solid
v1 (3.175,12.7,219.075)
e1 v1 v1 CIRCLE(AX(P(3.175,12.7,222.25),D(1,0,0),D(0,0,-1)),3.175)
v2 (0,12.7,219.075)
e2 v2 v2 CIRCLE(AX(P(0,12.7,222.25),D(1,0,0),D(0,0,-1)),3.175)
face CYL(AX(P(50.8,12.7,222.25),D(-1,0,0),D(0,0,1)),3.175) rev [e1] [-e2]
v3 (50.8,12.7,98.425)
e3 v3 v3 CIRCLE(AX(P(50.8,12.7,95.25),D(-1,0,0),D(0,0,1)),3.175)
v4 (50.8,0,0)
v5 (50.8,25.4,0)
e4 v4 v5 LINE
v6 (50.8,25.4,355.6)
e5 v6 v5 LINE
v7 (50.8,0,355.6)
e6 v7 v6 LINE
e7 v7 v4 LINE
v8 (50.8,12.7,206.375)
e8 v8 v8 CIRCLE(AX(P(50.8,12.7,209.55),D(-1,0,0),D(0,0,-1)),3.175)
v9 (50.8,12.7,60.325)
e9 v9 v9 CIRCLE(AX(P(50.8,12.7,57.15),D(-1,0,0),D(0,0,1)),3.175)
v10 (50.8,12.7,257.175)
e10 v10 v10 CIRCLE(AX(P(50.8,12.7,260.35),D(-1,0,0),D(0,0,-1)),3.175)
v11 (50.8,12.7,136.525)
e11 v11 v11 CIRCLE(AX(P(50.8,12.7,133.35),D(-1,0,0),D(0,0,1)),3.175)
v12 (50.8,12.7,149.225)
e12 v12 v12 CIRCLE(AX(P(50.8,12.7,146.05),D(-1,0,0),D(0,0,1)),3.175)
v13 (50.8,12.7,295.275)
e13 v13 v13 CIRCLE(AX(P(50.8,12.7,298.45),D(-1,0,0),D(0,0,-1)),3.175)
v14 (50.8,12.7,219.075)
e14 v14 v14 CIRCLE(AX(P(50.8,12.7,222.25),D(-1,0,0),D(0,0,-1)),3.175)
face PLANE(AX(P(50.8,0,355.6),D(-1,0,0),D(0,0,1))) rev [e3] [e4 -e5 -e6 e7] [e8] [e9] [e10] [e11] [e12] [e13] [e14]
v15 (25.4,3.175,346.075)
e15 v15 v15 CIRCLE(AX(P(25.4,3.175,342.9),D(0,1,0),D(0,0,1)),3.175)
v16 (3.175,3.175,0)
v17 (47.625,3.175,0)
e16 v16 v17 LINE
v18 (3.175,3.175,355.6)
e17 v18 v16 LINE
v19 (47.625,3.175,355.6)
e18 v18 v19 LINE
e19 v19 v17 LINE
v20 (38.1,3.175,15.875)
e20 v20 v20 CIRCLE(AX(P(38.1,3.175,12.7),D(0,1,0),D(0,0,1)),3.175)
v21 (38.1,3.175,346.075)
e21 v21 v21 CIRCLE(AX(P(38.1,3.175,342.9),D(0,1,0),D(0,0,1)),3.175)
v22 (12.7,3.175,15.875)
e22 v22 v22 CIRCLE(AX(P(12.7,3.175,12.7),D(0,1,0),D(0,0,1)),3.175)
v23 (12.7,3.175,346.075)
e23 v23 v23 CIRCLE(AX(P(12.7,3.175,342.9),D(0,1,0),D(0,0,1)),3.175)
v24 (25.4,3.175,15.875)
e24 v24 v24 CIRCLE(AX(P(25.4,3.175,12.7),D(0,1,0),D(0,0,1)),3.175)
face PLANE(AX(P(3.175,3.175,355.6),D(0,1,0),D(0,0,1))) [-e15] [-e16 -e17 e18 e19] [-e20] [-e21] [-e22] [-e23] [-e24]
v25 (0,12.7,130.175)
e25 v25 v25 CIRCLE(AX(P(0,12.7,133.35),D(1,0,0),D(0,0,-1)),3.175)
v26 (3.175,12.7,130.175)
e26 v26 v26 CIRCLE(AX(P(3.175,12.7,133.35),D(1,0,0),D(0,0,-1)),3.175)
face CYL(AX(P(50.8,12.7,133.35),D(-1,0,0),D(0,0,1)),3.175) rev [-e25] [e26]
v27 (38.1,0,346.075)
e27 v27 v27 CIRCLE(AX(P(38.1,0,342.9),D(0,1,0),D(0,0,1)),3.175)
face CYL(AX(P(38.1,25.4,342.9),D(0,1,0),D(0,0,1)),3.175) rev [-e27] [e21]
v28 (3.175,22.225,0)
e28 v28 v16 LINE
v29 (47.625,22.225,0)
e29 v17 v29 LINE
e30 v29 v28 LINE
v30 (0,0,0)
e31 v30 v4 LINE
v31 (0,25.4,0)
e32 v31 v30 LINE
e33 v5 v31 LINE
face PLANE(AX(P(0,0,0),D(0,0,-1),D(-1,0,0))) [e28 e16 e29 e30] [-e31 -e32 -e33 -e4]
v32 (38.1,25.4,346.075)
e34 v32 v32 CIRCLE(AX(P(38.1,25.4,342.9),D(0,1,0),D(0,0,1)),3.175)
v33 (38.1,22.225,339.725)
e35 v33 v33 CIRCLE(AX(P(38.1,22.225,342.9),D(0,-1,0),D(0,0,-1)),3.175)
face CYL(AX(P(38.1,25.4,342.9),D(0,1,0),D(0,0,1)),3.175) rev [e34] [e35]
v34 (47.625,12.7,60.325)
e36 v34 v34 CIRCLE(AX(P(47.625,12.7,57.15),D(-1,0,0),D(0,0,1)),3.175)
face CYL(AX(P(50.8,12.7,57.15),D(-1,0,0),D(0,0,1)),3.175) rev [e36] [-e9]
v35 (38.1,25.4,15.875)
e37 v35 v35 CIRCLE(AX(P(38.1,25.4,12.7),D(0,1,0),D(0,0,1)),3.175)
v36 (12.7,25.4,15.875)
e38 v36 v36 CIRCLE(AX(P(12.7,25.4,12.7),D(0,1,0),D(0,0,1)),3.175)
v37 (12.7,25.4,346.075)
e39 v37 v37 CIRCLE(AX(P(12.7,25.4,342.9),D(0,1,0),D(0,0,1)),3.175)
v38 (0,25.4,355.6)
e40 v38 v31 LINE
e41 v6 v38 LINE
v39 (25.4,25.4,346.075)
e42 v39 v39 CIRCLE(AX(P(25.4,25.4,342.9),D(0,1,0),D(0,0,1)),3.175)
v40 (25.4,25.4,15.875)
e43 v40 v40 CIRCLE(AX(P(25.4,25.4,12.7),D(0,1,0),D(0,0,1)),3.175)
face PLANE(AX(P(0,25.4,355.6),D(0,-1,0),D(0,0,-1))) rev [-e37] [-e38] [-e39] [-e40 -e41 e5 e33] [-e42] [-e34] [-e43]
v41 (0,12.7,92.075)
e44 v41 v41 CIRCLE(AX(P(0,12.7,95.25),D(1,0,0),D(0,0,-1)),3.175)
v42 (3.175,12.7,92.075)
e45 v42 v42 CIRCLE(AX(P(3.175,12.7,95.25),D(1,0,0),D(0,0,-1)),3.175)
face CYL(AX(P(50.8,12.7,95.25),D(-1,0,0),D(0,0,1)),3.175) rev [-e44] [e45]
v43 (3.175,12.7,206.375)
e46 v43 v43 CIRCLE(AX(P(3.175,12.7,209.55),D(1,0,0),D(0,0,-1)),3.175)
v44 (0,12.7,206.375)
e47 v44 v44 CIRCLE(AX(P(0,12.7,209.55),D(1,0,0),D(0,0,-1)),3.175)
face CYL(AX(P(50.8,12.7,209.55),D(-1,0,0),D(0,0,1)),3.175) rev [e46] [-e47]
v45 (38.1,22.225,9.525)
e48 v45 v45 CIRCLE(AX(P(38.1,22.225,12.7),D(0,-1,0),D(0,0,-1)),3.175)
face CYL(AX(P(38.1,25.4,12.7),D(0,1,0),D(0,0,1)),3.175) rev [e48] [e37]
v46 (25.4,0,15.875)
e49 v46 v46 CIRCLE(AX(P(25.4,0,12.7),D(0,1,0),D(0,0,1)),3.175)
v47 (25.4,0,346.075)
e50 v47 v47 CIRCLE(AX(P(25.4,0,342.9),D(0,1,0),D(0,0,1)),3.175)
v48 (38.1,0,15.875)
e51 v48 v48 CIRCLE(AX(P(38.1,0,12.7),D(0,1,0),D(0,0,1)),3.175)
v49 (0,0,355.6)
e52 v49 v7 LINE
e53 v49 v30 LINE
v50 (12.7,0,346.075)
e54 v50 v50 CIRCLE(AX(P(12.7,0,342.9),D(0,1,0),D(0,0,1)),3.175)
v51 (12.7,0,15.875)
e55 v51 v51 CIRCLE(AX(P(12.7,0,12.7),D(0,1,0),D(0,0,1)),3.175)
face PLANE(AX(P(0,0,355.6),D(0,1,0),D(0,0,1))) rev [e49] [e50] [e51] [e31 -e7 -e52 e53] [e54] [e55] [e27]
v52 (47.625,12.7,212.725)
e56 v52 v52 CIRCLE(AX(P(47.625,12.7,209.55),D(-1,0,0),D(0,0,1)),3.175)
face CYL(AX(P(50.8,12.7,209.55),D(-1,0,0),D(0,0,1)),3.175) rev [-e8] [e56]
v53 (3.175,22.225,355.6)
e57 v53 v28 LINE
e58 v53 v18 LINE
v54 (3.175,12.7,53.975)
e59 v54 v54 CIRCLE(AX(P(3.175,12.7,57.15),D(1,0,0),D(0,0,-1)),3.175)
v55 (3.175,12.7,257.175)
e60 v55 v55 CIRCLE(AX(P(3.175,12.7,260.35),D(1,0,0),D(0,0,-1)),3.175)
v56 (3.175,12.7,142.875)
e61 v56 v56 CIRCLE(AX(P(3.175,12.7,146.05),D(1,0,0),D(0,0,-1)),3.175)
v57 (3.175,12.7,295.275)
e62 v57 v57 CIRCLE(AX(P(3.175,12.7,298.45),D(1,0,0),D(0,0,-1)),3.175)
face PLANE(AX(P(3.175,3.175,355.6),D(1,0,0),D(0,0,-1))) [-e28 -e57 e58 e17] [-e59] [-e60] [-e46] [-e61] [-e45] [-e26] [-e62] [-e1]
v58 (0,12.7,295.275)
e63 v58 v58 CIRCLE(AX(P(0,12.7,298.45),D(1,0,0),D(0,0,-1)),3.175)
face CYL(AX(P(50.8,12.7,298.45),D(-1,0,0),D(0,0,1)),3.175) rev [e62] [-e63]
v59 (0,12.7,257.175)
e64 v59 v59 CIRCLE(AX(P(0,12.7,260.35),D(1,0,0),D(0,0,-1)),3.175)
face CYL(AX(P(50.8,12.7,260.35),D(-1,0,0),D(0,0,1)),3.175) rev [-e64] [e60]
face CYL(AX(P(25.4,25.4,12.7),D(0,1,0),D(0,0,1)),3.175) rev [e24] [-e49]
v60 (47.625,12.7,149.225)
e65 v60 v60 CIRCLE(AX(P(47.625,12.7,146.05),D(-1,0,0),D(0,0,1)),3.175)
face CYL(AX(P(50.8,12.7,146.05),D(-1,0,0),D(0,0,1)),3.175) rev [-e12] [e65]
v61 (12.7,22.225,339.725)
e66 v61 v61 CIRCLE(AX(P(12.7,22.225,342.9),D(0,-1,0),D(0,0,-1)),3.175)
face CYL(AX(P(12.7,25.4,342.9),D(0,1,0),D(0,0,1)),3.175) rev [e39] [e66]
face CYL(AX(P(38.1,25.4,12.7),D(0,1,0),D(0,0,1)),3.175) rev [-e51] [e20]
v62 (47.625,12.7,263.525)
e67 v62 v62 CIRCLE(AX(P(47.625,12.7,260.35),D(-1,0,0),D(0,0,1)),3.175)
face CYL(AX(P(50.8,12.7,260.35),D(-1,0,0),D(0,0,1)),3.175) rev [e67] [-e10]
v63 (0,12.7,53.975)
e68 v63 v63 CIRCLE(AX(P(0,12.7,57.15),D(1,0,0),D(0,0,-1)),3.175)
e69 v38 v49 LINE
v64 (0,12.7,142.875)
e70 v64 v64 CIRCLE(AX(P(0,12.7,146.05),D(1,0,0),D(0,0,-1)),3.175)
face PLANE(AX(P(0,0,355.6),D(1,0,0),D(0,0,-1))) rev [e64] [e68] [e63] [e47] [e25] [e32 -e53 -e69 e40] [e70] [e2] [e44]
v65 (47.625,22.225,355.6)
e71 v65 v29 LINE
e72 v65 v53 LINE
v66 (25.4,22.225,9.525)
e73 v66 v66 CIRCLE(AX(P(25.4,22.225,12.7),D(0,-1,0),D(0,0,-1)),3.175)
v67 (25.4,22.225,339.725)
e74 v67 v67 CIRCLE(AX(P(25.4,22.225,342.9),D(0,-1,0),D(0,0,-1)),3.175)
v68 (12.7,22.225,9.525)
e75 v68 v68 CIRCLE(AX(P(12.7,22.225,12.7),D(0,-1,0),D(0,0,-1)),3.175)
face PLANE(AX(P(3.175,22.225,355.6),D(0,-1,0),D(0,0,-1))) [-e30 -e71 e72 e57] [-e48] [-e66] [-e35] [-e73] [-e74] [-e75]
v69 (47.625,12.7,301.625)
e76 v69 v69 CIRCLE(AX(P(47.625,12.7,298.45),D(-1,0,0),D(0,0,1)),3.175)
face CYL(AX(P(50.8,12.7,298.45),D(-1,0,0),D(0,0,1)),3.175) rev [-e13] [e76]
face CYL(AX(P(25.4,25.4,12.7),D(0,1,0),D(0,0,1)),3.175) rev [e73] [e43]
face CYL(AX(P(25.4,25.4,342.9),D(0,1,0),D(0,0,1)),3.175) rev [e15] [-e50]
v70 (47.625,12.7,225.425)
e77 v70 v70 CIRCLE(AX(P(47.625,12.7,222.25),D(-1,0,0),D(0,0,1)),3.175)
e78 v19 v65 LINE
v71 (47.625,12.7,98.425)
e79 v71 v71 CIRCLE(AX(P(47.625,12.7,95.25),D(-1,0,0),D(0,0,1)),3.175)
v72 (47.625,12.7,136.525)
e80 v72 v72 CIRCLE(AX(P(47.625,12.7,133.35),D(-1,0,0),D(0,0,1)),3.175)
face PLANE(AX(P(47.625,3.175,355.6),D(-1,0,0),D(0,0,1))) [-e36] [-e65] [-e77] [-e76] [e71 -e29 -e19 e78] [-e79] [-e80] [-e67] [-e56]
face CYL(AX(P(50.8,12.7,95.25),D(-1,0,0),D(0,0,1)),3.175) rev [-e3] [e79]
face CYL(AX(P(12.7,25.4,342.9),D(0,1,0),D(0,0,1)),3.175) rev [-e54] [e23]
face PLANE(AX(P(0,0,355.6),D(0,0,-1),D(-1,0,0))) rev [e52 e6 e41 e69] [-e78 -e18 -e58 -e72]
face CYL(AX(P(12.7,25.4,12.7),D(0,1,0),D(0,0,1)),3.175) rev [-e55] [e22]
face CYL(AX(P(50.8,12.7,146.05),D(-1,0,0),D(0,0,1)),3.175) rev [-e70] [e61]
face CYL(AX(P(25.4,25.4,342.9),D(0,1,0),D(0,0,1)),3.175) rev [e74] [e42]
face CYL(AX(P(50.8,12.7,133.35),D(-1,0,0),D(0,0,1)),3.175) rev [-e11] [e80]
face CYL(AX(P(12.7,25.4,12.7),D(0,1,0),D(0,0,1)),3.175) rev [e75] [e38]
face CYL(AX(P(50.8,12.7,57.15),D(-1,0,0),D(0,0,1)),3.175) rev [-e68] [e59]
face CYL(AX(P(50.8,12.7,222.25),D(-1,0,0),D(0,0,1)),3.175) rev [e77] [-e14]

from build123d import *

# Parameters (mm, degrees)
SKETCH1_W                   = 50.8
SKETCH1_H                   = 25.4
SKETCH1_W_2                 = 44.45
SKETCH1_H_2                 = 19.05
BOSS_EXTRUDE1_DEPTH         = 355.6
CUT_EXTRUDE1_DEPTH          = 361.10715072
CUT_EXTRUDE1_DEPTH_BACK     = 361.10715072
SKETCH2_R                   = 3.175
F_1_4_0_25_DIAMETER_HOLE1_D = 6.35


with BuildPart() as part:
    # Sketch1 → Boss-Extrude1 (new body)
    with BuildSketch(Plane.XY):
        with Locations((25.4, 12.7)):
            Rectangle(SKETCH1_W, SKETCH1_H)
        with Locations((25.4, 12.7)):
            Rectangle(SKETCH1_W_2, SKETCH1_H_2, mode=Mode.SUBTRACT)
    extrude(amount=BOSS_EXTRUDE1_DEPTH)

    # Sketch2 → Cut-Extrude1 (cut, two sides: drawn at the far end of the back side and taken through both)
    with BuildSketch(Plane.ZY.offset(-CUT_EXTRUDE1_DEPTH_BACK)):
        with Locations((133.35, 12.7)):
            Circle(SKETCH2_R)
        with Locations((146.05, 12.7)):
            Circle(SKETCH2_R)
        with Locations((95.25, 12.7)):
            Circle(SKETCH2_R)
        with Locations((57.15, 12.7)):
            Circle(SKETCH2_R)
        with Locations((209.55, 12.7)):
            Circle(SKETCH2_R)
        with Locations((222.25, 12.7)):
            Circle(SKETCH2_R)
        with Locations((260.35, 12.7)):
            Circle(SKETCH2_R)
        with Locations((298.45, 12.7)):
            Circle(SKETCH2_R)
    extrude(amount=CUT_EXTRUDE1_DEPTH + CUT_EXTRUDE1_DEPTH_BACK, mode=Mode.SUBTRACT)

    # 1/4 (0.25) Diameter Hole1 (through all)
    with Locations(Plane(origin=(0, 25.4, 0), x_dir=(1, 0, 0), z_dir=(0, 1, 0))):
        with Locations((12.7, -12.7), (25.4, -12.7), (38.1, -12.7), (12.7, -342.9), (25.4, -342.9), (38.1, -342.9)):
            Hole(F_1_4_0_25_DIAMETER_HOLE1_D / 2)


solid = part.part
